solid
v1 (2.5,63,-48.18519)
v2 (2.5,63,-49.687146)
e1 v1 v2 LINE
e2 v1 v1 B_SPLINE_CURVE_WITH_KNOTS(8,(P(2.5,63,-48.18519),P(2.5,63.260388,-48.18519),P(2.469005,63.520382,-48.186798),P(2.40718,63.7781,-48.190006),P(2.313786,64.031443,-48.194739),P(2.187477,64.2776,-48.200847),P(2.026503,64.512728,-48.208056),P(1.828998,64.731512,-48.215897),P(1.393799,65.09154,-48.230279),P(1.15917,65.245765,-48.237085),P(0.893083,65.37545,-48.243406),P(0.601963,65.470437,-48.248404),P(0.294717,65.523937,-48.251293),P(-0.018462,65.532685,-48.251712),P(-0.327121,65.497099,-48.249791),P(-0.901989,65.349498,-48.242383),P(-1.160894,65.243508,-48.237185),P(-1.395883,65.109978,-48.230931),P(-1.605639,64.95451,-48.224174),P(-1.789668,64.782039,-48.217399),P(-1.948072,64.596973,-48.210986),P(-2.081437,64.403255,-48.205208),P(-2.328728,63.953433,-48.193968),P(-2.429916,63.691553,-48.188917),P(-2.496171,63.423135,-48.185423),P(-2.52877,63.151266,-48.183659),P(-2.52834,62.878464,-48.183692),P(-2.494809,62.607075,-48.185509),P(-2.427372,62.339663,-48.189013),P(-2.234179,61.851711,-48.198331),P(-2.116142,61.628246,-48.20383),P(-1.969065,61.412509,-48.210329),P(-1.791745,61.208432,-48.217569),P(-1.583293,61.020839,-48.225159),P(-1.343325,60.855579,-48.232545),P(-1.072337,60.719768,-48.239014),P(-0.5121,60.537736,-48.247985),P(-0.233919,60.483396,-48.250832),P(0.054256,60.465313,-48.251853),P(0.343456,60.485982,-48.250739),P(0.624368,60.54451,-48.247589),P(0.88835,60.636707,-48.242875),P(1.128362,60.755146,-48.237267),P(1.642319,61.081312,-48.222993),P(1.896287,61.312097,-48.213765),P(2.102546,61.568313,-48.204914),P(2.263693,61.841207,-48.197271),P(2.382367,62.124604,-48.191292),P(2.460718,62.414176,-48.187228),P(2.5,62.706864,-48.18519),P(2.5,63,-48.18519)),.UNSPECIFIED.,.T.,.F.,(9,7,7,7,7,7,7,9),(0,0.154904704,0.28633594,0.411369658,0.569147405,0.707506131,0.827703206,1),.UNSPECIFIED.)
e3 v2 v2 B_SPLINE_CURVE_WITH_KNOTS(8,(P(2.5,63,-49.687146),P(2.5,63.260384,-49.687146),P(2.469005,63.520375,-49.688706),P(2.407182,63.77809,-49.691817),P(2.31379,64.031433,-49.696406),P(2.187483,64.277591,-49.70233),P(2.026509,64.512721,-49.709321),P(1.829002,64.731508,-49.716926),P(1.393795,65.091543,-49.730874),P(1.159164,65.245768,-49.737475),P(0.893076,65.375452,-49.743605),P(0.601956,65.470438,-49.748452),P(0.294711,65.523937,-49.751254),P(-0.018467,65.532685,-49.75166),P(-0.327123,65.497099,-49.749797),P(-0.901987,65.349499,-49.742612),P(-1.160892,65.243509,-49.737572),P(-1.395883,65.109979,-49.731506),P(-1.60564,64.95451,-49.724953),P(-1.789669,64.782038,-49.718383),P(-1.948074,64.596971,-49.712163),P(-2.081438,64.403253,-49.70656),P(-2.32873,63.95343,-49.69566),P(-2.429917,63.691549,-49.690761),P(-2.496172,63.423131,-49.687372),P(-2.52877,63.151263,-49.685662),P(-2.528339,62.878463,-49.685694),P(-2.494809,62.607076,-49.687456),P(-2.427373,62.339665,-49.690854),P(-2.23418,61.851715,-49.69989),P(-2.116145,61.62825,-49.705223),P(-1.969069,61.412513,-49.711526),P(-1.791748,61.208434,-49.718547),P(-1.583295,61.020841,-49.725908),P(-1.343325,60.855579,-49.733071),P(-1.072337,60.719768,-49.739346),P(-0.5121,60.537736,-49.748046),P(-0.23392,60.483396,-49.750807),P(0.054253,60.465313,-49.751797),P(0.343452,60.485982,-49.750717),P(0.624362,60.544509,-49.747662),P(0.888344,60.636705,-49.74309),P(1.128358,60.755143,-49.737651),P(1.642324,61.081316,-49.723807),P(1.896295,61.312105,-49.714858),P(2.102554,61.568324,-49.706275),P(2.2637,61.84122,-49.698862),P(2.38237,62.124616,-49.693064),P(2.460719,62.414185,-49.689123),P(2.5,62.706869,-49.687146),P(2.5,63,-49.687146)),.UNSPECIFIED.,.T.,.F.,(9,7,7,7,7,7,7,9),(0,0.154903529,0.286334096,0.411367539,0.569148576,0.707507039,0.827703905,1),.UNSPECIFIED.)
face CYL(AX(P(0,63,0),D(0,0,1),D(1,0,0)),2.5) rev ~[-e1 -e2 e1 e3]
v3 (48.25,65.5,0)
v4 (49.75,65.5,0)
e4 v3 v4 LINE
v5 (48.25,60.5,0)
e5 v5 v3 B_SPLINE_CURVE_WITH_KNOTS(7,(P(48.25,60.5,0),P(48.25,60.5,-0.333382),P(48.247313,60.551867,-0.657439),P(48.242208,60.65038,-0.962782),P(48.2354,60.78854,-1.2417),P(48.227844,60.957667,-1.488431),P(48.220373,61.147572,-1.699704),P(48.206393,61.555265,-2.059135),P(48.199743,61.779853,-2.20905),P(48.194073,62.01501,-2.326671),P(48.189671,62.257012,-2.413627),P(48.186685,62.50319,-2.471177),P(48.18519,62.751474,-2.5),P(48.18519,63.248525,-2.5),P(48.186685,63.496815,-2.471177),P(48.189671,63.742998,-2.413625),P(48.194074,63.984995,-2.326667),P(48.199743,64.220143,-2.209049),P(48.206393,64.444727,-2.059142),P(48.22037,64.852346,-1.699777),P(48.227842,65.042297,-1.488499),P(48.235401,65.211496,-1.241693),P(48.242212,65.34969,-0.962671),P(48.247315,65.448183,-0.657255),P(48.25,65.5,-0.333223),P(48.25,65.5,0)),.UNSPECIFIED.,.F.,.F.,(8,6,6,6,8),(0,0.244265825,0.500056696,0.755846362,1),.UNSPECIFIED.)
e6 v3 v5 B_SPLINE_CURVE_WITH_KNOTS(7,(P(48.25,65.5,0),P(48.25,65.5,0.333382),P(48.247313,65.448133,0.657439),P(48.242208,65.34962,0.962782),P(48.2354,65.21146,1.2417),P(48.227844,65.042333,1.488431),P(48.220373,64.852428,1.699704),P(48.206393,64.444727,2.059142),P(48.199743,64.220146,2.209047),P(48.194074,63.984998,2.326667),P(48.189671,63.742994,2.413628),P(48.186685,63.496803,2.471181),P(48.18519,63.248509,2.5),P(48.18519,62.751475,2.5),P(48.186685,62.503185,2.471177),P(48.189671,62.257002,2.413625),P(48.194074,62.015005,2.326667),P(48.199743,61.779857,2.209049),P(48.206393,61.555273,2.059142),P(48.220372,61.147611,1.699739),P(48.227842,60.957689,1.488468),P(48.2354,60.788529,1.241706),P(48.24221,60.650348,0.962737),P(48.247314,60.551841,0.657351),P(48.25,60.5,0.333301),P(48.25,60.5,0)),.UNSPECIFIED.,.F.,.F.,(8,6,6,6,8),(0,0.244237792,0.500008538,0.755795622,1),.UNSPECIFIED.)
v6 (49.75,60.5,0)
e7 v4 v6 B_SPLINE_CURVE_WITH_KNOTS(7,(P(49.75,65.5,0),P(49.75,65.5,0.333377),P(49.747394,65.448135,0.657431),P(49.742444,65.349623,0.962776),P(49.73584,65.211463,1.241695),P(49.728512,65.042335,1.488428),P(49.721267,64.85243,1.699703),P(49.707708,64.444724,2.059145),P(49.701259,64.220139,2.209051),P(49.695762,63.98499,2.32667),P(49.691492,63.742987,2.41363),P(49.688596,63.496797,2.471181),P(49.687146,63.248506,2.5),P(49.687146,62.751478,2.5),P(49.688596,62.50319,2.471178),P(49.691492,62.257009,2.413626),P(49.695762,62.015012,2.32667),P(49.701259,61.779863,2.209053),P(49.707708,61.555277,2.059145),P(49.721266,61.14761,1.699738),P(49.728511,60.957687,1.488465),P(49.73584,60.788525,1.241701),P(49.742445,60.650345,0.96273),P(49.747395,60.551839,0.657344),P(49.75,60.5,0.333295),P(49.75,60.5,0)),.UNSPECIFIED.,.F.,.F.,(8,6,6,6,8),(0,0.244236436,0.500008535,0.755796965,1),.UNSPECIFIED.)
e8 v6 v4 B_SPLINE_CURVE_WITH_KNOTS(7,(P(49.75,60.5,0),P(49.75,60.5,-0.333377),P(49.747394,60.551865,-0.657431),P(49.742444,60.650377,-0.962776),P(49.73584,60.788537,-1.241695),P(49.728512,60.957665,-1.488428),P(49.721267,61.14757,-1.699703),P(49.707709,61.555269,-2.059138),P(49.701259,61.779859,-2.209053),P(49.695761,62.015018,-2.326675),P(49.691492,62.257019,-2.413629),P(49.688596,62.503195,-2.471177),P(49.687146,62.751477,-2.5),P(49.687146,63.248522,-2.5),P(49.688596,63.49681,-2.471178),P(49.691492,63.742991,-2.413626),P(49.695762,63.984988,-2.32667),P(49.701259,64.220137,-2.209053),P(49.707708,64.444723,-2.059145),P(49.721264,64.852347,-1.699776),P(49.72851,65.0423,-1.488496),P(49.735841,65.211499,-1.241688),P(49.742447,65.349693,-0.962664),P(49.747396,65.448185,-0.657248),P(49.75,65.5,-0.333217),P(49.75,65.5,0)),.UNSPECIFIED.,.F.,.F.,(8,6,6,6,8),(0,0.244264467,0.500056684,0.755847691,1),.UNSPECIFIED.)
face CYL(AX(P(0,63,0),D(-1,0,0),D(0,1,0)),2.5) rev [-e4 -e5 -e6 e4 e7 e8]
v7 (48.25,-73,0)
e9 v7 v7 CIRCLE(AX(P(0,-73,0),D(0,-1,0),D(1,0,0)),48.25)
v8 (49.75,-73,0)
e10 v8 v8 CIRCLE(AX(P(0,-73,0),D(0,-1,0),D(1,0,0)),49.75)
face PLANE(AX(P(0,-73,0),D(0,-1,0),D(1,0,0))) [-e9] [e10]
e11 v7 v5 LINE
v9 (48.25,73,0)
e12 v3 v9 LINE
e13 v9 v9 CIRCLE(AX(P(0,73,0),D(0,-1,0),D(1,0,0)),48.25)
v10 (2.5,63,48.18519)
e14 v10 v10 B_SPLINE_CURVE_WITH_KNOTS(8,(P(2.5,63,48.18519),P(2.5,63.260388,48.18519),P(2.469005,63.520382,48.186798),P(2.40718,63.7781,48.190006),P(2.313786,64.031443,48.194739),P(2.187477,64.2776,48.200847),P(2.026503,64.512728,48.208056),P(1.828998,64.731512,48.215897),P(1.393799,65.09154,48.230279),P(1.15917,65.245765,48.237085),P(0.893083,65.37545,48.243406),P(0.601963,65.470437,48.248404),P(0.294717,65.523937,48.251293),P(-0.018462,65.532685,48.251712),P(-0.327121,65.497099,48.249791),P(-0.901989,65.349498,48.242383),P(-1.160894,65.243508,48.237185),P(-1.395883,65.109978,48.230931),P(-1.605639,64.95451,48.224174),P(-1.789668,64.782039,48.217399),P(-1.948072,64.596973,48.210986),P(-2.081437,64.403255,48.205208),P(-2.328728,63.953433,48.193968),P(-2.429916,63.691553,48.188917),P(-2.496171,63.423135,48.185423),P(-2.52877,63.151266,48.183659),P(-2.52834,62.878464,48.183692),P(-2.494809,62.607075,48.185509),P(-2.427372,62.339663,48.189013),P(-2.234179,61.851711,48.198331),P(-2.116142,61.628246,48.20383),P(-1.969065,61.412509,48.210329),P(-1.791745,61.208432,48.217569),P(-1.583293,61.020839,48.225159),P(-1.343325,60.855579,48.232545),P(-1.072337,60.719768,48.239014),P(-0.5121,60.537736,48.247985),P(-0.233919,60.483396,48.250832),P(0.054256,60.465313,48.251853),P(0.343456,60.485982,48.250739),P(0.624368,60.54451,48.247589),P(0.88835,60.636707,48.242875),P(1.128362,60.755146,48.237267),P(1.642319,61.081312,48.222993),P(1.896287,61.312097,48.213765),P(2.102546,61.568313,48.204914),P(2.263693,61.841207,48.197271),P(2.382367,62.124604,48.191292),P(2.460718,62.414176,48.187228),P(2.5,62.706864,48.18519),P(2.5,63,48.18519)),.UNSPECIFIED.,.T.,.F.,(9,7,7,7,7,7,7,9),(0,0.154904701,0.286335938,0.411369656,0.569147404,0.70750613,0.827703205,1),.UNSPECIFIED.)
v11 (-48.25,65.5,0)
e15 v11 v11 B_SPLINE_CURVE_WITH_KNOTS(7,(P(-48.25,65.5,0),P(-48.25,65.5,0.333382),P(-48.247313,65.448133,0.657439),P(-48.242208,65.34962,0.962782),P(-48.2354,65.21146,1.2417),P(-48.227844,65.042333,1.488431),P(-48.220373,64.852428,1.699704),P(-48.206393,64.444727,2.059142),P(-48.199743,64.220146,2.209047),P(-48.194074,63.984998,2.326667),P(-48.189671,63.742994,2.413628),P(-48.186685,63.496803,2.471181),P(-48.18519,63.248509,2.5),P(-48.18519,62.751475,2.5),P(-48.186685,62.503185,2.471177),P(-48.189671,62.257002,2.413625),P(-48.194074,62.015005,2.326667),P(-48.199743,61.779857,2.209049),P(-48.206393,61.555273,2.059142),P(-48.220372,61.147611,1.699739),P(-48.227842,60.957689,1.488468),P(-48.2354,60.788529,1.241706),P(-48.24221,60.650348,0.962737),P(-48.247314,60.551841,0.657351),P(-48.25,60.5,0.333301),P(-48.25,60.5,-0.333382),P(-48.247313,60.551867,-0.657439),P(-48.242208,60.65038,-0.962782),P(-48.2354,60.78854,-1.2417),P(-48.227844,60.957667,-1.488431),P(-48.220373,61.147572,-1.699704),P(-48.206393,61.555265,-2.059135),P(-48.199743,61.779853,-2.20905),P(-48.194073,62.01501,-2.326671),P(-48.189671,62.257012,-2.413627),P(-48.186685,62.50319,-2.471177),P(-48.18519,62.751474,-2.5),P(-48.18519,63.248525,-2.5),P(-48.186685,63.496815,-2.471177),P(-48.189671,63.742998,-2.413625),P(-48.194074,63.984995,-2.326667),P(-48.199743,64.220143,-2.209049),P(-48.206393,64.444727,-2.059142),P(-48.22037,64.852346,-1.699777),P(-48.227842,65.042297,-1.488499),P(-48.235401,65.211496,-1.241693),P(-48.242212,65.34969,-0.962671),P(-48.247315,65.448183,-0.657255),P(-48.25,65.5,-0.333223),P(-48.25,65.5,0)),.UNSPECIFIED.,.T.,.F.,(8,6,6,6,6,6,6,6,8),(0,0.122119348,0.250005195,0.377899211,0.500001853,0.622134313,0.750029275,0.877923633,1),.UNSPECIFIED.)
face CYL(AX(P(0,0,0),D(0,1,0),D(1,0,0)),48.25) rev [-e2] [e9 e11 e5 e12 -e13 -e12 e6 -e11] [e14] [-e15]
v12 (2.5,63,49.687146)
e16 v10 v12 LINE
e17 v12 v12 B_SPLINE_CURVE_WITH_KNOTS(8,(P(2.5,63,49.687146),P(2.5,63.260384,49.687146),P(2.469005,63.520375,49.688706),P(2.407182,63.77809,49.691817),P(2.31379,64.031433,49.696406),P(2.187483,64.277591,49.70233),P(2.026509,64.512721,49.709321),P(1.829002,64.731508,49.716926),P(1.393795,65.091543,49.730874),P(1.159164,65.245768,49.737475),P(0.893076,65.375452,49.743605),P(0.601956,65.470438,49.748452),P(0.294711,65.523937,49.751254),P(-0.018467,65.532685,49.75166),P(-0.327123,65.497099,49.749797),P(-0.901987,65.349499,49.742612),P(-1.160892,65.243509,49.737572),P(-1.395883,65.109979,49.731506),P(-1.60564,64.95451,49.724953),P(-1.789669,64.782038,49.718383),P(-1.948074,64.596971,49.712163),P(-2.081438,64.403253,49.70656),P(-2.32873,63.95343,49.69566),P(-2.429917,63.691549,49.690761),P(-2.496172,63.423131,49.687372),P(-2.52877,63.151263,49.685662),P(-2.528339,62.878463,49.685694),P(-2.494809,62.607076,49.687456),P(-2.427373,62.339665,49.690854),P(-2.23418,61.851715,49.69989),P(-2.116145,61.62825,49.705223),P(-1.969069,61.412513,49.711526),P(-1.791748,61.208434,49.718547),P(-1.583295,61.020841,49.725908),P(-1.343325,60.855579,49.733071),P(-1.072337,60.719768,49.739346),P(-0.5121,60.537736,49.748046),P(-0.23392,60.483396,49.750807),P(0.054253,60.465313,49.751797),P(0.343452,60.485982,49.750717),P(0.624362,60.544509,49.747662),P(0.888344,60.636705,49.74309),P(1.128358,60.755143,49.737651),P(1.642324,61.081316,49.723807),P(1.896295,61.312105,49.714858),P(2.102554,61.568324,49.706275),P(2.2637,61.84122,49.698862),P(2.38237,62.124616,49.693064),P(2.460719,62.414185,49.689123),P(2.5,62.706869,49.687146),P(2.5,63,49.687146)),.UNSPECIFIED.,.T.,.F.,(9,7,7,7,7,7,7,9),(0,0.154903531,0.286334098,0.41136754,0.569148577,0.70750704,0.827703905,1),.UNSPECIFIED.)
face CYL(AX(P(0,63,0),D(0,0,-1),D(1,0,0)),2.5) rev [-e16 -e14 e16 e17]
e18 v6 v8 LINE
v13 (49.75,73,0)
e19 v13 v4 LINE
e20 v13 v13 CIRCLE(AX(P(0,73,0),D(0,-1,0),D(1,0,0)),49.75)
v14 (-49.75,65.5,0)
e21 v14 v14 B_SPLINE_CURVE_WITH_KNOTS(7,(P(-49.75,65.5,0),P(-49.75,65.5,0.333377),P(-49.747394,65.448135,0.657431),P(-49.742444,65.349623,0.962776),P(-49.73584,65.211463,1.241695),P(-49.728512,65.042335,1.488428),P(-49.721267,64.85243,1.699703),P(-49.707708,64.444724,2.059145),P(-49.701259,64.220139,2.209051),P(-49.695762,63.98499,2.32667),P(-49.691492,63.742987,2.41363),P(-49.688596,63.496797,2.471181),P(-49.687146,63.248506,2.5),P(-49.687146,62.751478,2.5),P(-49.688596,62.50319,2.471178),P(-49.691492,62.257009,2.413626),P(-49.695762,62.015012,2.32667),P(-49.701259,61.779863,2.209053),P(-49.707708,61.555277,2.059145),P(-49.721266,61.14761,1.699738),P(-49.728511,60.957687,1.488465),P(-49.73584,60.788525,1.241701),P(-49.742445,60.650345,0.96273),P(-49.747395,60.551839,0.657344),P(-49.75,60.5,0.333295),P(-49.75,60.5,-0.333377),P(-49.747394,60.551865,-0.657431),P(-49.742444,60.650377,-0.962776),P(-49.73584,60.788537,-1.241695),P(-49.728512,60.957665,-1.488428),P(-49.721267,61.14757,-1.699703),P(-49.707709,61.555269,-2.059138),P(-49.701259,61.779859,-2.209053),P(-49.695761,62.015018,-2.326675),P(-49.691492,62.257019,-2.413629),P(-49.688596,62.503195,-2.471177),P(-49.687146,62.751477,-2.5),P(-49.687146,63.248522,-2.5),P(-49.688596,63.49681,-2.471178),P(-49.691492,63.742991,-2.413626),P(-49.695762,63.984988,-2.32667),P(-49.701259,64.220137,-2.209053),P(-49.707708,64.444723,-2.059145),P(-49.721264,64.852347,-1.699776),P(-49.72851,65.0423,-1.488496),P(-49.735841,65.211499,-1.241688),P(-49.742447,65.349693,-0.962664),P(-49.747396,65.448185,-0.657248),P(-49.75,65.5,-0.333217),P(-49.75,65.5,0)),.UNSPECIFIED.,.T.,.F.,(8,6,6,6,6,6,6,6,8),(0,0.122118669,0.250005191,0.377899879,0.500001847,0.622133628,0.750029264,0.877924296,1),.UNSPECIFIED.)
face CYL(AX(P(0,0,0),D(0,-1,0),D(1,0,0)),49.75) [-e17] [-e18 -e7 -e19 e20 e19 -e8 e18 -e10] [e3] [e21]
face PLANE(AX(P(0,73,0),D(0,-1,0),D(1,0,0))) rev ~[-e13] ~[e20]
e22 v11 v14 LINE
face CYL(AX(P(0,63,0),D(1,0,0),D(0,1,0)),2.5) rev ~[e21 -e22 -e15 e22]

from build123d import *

# Parameters (mm, degrees)
F0_R          = 49.75
F0_R_2        = 48.25
F1_DEPTH      = 73
F3_R          = 2.5
F4_DEPTH      = 49.751
F4_DEPTH_BACK = 49.751
F2_R          = 2.5
F5_DEPTH      = 49.7510001
F5_DEPTH_BACK = 49.7510001


with BuildPart() as f1:
    # F0 (on Front) → F1 (new body, symmetric)
    with BuildSketch(Plane.XZ):
        Circle(F0_R)
        Circle(F0_R_2, mode=Mode.SUBTRACT)
    extrude(amount=F1_DEPTH, both=True)

    # F3 (on Right) → F4 (cut, two sides)
    with BuildSketch(Plane.YZ) as f4_sk:
        with Locations((63, 0)):
            Circle(F3_R)
    extrude(amount=F4_DEPTH, mode=Mode.SUBTRACT)
    extrude(f4_sk.sketch, amount=-F4_DEPTH_BACK, mode=Mode.SUBTRACT)

    # F2 (on Top) → F5 (cut, two sides)
    with BuildSketch(Plane.XY) as f5_sk:
        with Locations((0, 63)):
            Circle(F2_R)
    extrude(amount=-F5_DEPTH, mode=Mode.SUBTRACT)
    extrude(f5_sk.sketch, amount=F5_DEPTH_BACK, mode=Mode.SUBTRACT)


solid = f1.part
